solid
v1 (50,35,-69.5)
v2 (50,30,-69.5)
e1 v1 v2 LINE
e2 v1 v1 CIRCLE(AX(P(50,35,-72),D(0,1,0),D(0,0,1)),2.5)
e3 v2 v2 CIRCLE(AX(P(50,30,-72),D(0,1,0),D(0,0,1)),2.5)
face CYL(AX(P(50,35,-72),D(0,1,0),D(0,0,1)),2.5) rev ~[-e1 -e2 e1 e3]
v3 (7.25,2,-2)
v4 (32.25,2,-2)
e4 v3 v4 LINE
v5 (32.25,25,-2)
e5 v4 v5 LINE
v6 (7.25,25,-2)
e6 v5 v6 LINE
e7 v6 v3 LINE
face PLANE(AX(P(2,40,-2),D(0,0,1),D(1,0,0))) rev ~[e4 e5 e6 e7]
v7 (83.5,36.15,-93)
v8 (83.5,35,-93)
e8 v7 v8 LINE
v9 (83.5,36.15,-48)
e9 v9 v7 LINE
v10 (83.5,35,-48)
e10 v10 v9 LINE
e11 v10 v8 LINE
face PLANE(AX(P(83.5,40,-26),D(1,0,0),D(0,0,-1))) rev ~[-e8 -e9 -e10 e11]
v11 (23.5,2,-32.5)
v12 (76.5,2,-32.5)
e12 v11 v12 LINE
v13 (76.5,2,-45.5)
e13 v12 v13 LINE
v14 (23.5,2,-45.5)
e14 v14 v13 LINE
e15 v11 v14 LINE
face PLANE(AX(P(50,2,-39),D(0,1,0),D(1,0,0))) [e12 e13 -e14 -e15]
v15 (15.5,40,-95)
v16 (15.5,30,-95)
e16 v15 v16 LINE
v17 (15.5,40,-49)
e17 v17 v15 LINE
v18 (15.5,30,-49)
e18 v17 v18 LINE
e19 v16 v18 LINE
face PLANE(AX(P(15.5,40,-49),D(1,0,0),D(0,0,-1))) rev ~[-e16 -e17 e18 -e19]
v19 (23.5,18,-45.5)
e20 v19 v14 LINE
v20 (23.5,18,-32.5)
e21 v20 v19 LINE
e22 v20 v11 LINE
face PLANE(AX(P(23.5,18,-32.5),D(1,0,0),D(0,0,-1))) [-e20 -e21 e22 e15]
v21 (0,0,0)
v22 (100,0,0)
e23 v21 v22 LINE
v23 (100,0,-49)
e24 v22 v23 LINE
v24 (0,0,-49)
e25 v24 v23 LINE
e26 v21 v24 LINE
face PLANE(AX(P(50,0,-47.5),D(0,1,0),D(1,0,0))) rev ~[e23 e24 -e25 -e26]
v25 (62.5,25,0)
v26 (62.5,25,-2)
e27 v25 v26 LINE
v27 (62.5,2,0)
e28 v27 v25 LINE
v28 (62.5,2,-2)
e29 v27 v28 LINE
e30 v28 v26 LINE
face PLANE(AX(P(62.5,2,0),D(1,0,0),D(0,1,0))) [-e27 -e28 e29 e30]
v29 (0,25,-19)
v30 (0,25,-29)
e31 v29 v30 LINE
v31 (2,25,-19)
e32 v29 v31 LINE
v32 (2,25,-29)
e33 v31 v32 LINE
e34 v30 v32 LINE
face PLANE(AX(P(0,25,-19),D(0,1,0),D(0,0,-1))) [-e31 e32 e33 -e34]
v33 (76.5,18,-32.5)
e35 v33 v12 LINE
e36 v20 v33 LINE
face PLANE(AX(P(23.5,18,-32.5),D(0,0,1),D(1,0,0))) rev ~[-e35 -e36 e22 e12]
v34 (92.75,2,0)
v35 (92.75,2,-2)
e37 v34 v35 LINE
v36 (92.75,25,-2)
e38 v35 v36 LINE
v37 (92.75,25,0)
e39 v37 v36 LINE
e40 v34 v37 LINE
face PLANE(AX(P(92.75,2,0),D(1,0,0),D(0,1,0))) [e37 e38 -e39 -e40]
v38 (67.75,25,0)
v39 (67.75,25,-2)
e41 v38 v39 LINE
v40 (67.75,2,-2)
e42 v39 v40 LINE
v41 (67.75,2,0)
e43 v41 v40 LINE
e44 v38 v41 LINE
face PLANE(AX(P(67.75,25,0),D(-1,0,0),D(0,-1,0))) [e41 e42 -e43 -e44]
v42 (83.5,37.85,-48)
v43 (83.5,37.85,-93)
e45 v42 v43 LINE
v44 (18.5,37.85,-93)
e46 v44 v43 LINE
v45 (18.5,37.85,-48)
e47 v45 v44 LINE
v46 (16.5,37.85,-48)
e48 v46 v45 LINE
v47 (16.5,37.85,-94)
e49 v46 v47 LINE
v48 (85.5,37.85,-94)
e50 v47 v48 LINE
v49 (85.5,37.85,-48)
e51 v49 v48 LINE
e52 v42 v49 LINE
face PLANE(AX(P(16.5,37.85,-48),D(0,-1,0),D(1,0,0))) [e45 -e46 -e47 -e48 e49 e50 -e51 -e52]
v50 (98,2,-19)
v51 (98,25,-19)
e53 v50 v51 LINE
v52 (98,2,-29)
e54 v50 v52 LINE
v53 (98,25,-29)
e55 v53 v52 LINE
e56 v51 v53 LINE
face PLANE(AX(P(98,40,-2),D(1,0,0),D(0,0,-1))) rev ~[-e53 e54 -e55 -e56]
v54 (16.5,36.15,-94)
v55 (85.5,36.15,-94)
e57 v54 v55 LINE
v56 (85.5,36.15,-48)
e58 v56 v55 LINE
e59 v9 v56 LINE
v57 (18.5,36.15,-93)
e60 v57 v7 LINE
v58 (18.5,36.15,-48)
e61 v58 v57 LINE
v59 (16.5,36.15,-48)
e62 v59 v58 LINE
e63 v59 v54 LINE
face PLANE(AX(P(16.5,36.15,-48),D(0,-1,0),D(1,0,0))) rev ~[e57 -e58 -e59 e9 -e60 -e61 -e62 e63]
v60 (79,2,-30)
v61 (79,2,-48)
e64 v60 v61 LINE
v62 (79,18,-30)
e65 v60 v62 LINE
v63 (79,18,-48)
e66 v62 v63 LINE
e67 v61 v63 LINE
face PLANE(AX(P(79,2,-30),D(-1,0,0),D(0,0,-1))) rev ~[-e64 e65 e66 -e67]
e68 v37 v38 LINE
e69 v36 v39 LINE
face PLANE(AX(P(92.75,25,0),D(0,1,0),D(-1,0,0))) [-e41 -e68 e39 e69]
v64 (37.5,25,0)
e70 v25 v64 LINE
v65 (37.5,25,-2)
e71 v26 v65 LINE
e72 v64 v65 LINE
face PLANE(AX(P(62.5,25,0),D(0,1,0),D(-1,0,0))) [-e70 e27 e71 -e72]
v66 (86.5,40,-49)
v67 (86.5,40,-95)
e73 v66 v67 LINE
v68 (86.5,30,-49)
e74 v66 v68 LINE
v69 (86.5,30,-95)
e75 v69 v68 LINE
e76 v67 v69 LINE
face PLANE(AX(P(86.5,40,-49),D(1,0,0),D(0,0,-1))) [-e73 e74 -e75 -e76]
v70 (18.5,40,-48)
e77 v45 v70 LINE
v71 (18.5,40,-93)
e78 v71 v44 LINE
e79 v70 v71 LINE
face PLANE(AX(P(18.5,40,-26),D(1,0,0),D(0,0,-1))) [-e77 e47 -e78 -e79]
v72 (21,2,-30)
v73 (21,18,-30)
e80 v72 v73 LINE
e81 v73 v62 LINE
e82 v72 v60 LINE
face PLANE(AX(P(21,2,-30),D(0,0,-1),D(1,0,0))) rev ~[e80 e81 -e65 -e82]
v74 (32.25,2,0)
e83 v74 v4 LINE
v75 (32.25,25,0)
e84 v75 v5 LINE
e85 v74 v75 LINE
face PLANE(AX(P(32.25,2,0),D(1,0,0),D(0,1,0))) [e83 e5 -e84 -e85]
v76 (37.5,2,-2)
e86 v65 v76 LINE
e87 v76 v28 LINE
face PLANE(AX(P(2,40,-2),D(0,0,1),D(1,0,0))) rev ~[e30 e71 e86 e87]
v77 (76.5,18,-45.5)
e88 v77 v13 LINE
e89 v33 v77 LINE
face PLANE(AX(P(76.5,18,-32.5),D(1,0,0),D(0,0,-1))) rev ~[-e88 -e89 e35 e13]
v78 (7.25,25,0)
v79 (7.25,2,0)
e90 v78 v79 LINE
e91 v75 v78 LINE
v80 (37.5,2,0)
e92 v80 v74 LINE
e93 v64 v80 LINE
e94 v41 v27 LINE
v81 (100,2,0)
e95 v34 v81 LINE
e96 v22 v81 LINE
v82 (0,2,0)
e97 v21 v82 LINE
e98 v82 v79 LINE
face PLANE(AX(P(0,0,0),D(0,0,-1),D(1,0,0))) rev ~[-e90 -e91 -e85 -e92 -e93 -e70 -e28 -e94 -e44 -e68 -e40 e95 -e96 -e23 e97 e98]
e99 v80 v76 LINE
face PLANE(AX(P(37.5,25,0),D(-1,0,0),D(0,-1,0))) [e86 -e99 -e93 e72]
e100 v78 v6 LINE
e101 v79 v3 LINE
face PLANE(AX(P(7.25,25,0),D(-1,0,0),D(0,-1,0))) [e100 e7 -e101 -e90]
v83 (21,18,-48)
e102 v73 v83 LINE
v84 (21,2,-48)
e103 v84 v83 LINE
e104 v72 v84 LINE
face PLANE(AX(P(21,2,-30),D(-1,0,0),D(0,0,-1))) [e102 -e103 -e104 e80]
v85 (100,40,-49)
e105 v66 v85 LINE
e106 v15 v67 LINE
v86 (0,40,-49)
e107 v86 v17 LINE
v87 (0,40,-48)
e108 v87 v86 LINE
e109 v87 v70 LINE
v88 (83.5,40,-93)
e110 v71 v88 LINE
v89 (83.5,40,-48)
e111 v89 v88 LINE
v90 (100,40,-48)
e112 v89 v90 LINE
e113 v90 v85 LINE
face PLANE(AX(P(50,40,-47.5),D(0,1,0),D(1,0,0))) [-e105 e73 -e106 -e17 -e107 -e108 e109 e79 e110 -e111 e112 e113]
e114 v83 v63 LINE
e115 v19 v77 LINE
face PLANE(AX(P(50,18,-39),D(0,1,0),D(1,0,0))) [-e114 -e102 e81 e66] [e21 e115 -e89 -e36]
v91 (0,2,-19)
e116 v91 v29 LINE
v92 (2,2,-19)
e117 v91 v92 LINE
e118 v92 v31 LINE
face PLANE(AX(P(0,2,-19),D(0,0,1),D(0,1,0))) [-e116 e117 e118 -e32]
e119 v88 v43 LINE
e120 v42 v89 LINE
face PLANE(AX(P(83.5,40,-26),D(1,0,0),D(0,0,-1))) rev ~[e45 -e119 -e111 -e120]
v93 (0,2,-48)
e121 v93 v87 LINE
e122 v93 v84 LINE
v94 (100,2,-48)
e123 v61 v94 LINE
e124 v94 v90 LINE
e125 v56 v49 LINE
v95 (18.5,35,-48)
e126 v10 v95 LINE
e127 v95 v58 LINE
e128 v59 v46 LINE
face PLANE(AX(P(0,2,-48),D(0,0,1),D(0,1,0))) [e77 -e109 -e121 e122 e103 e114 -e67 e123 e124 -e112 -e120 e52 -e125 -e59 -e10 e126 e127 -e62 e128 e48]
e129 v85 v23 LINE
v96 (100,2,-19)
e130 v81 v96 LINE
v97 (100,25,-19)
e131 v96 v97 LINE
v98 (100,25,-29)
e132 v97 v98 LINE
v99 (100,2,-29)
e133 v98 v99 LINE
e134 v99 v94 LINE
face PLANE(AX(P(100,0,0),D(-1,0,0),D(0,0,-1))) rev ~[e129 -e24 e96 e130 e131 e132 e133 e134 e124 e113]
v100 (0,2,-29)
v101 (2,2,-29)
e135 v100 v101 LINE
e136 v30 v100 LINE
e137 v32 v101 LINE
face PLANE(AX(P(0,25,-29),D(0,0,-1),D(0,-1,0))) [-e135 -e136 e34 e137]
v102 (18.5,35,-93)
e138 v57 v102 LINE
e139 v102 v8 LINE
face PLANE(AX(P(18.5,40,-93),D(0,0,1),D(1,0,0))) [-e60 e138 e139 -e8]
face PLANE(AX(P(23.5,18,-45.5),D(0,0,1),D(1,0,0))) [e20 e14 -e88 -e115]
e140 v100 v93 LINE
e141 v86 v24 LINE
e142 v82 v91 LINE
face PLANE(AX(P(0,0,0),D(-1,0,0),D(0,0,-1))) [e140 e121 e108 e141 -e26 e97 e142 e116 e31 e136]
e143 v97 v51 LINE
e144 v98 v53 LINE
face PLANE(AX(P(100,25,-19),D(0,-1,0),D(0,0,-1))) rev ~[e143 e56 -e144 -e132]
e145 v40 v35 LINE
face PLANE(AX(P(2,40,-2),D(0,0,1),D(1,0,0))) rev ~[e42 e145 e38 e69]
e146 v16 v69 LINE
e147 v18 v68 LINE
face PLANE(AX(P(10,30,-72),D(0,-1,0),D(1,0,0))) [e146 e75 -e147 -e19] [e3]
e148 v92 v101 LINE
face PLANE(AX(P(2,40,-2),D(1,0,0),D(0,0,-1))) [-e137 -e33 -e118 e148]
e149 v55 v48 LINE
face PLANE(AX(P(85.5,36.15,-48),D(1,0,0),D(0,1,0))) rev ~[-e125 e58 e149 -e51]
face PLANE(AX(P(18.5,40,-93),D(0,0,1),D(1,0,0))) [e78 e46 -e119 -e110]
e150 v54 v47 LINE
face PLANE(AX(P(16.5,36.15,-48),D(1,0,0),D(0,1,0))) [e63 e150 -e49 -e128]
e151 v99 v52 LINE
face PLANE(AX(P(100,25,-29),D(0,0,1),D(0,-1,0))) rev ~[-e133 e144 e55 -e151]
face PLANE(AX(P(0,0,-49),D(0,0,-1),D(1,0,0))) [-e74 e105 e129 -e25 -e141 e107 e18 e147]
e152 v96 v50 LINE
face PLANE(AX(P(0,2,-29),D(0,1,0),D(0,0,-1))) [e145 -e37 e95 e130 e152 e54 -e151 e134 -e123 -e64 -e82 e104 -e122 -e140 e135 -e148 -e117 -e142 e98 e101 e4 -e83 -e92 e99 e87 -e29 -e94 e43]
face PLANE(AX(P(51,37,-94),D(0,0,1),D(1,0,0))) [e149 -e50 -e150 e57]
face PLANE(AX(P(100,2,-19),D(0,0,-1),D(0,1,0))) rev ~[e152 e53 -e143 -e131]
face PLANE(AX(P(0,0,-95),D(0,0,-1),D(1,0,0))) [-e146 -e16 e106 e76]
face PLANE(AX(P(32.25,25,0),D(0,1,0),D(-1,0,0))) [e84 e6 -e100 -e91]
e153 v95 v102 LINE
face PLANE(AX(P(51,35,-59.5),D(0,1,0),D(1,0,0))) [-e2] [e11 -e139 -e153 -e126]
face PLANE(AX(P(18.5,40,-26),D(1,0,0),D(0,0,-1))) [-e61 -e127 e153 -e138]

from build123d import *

# Parameters (mm, degrees)
CROQUIS1_W              = 100
CROQUIS1_H              = 95
SALIENTE_EXTRUIR1_DEPTH = 40
CROQUIS3_W              = 20
CROQUIS3_H              = 46
CORTAR_EXTRUIR1_DEPTH   = 30
CROQUIS4_W              = 96
CROQUIS4_H              = 46
CORTAR_EXTRUIR2_DEPTH   = 38
CROQUIS5_W              = 65
CROQUIS5_H              = 67
CORTAR_EXTRUIR3_DEPTH   = 5
CROQUIS7_W              = 69
CROQUIS7_H              = 1.7
CORTAR_EXTRUIR4_DEPTH   = 46
CROQUIS9_W              = 5
CROQUIS9_H              = 15
CORTAR_EXTRUIR6_DEPTH   = 10
CROQUIS10_R             = 2.5
CORTAR_EXTRUIR8_DEPTH   = 143.302494708
CROQUIS11_W             = 46
CROQUIS11_H             = 30
CORTAR_EXTRUIR9_DEPTH   = 131.479883507
CROQUIS12_W             = 13.5
CROQUIS12_H             = 46
CROQUIS12_W_2           = 15.5
CORTAR_EXTRUIR10_DEPTH  = 144.614066163
CORTAR_EXTRUIR13_DEPTH  = 2
CORTAR_EXTRUIR14_DEPTH  = 2
CORTAR_EXTRUIR15_DEPTH  = 2
CROQUIS16_W             = 58
CROQUIS16_H             = 18
SALIENTE_EXTRUIR2_DEPTH = 16
CROQUIS17_W             = 53
CROQUIS17_H             = 13
CORTAR_EXTRUIR16_DEPTH  = 16


with BuildPart() as part:
    # Croquis1 → Saliente-Extruir1 (new body)
    with BuildSketch(Plane(origin=(0, 0, 0), x_dir=(1, 0, 0), z_dir=(0, 1, 0))):
        with Locations((50, 47.5)):
            Rectangle(CROQUIS1_W, CROQUIS1_H)
    extrude(amount=SALIENTE_EXTRUIR1_DEPTH)

    # Croquis3 → Cortar-Extruir1 (cut)
    with BuildSketch(Plane.XZ):
        with Locations((90, -72)):
            Rectangle(CROQUIS3_W, CROQUIS3_H)
        with Locations((10, -72)):
            Rectangle(CROQUIS3_W, CROQUIS3_H)
    extrude(amount=-CORTAR_EXTRUIR1_DEPTH, mode=Mode.SUBTRACT)

    # Croquis4 → Cortar-Extruir2 (cut)
    with BuildSketch(Plane(origin=(0, 40, 0), x_dir=(1, 0, 0), z_dir=(0, 1, 0))):
        with Locations((50, 25)):
            Rectangle(CROQUIS4_W, CROQUIS4_H)
    extrude(amount=-CORTAR_EXTRUIR2_DEPTH, mode=Mode.SUBTRACT)

    # Croquis5 → Cortar-Extruir3 (cut)
    with BuildSketch(Plane(origin=(0, 40, 0), x_dir=(1, 0, 0), z_dir=(0, 1, 0))):
        with Locations((51, 59.5)):
            Rectangle(CROQUIS5_W, CROQUIS5_H)
    extrude(amount=-CORTAR_EXTRUIR3_DEPTH, mode=Mode.SUBTRACT)

    # Croquis7 → Cortar-Extruir4 (cut)
    with BuildSketch(Plane.XY.offset(-48)):
        with Locations((51, 37)):
            Rectangle(CROQUIS7_W, CROQUIS7_H)
    extrude(amount=-CORTAR_EXTRUIR4_DEPTH, mode=Mode.SUBTRACT)

    # Croquis9 → Cortar-Extruir6 (cut)
    with BuildSketch(Plane(origin=(0, 40, 0), x_dir=(1, 0, 0), z_dir=(0, 1, 0))):
        with Locations((8.5, 77.5)):
            Rectangle(CROQUIS9_W, CROQUIS9_H)
        with Locations((91.5, 77.5)):
            Rectangle(CROQUIS9_W, CROQUIS9_H)
    extrude(amount=-CORTAR_EXTRUIR6_DEPTH, mode=Mode.SUBTRACT)

    # Croquis10 → Cortar-Extruir8 (cut, through all)
    with BuildSketch(Plane(origin=(0, 35, 0), x_dir=(1, 0, 0), z_dir=(0, 1, 0))):
        with Locations(Location((50, 72, 0), (0, 0, 270))):
            Circle(CROQUIS10_R)
    extrude(amount=-CORTAR_EXTRUIR8_DEPTH, mode=Mode.SUBTRACT)

    # Croquis11 → Cortar-Extruir9 (cut, through all)
    with BuildSketch(Plane(origin=(80, 0, 0), x_dir=(0, 0, -1), z_dir=(1, 0, 0))):
        with Locations((72, 15)):
            Rectangle(CROQUIS11_W, CROQUIS11_H)
    extrude(amount=-CORTAR_EXTRUIR9_DEPTH, mode=Mode.SUBTRACT)

    # Croquis12 → Cortar-Extruir10 (cut, through all)
    with BuildSketch(Plane(origin=(0, 40, 0), x_dir=(1, 0, 0), z_dir=(0, 1, 0))):
        with Locations((93.25, 72)):
            Rectangle(CROQUIS12_W, CROQUIS12_H)
        with Locations((7.75, 72)):
            Rectangle(CROQUIS12_W_2, CROQUIS12_H)
    extrude(amount=-CORTAR_EXTRUIR10_DEPTH, mode=Mode.SUBTRACT)

    # Croquis14 → Cortar-Extruir13 (cut)
    with BuildSketch(Plane(origin=(100, 0, 0), x_dir=(0, 0, -1), z_dir=(1, 0, 0))):
        Polygon((19, 25), (29, 25), (29, 2), (48, 2), (48, 40), (0, 40), (0, 2), (19, 2), align=None)
    extrude(amount=-CORTAR_EXTRUIR13_DEPTH, mode=Mode.SUBTRACT)

    # Croquis15 → Cortar-Extruir14 (cut)
    with BuildSketch(Plane.ZY):
        Polygon((-48, 2), (-48, 40), (0, 40), (0, 2), (-19, 2), (-19, 25), (-29, 25), (-29, 2), align=None)
    extrude(amount=-CORTAR_EXTRUIR14_DEPTH, mode=Mode.SUBTRACT)

    # Croquis13 → Cortar-Extruir15 (cut)
    with BuildSketch(Plane.XY):
        Polygon((2, 40), (98, 40), (98, 2), (92.75, 2), (92.75, 25), (67.75, 25), (67.75, 2), (62.5, 2), (62.5, 25), (37.5, 25), (37.5, 2), (32.25, 2), (32.25, 25), (7.25, 25), (7.25, 2), (2, 2), align=None)
    extrude(amount=-CORTAR_EXTRUIR15_DEPTH, mode=Mode.SUBTRACT)

    # Croquis16 → Saliente-Extruir2 (add)
    with BuildSketch(Plane(origin=(0, 2, 0), x_dir=(1, 0, 0), z_dir=(0, 1, 0))):
        with Locations((50, 39)):
            Rectangle(CROQUIS16_W, CROQUIS16_H)
    extrude(amount=SALIENTE_EXTRUIR2_DEPTH)

    # Croquis17 → Cortar-Extruir16 (cut)
    with BuildSketch(Plane(origin=(0, 18, 0), x_dir=(1, 0, 0), z_dir=(0, 1, 0))):
        with Locations((50, 39)):
            Rectangle(CROQUIS17_W, CROQUIS17_H)
    extrude(amount=-CORTAR_EXTRUIR16_DEPTH, mode=Mode.SUBTRACT)


solid = part.part
